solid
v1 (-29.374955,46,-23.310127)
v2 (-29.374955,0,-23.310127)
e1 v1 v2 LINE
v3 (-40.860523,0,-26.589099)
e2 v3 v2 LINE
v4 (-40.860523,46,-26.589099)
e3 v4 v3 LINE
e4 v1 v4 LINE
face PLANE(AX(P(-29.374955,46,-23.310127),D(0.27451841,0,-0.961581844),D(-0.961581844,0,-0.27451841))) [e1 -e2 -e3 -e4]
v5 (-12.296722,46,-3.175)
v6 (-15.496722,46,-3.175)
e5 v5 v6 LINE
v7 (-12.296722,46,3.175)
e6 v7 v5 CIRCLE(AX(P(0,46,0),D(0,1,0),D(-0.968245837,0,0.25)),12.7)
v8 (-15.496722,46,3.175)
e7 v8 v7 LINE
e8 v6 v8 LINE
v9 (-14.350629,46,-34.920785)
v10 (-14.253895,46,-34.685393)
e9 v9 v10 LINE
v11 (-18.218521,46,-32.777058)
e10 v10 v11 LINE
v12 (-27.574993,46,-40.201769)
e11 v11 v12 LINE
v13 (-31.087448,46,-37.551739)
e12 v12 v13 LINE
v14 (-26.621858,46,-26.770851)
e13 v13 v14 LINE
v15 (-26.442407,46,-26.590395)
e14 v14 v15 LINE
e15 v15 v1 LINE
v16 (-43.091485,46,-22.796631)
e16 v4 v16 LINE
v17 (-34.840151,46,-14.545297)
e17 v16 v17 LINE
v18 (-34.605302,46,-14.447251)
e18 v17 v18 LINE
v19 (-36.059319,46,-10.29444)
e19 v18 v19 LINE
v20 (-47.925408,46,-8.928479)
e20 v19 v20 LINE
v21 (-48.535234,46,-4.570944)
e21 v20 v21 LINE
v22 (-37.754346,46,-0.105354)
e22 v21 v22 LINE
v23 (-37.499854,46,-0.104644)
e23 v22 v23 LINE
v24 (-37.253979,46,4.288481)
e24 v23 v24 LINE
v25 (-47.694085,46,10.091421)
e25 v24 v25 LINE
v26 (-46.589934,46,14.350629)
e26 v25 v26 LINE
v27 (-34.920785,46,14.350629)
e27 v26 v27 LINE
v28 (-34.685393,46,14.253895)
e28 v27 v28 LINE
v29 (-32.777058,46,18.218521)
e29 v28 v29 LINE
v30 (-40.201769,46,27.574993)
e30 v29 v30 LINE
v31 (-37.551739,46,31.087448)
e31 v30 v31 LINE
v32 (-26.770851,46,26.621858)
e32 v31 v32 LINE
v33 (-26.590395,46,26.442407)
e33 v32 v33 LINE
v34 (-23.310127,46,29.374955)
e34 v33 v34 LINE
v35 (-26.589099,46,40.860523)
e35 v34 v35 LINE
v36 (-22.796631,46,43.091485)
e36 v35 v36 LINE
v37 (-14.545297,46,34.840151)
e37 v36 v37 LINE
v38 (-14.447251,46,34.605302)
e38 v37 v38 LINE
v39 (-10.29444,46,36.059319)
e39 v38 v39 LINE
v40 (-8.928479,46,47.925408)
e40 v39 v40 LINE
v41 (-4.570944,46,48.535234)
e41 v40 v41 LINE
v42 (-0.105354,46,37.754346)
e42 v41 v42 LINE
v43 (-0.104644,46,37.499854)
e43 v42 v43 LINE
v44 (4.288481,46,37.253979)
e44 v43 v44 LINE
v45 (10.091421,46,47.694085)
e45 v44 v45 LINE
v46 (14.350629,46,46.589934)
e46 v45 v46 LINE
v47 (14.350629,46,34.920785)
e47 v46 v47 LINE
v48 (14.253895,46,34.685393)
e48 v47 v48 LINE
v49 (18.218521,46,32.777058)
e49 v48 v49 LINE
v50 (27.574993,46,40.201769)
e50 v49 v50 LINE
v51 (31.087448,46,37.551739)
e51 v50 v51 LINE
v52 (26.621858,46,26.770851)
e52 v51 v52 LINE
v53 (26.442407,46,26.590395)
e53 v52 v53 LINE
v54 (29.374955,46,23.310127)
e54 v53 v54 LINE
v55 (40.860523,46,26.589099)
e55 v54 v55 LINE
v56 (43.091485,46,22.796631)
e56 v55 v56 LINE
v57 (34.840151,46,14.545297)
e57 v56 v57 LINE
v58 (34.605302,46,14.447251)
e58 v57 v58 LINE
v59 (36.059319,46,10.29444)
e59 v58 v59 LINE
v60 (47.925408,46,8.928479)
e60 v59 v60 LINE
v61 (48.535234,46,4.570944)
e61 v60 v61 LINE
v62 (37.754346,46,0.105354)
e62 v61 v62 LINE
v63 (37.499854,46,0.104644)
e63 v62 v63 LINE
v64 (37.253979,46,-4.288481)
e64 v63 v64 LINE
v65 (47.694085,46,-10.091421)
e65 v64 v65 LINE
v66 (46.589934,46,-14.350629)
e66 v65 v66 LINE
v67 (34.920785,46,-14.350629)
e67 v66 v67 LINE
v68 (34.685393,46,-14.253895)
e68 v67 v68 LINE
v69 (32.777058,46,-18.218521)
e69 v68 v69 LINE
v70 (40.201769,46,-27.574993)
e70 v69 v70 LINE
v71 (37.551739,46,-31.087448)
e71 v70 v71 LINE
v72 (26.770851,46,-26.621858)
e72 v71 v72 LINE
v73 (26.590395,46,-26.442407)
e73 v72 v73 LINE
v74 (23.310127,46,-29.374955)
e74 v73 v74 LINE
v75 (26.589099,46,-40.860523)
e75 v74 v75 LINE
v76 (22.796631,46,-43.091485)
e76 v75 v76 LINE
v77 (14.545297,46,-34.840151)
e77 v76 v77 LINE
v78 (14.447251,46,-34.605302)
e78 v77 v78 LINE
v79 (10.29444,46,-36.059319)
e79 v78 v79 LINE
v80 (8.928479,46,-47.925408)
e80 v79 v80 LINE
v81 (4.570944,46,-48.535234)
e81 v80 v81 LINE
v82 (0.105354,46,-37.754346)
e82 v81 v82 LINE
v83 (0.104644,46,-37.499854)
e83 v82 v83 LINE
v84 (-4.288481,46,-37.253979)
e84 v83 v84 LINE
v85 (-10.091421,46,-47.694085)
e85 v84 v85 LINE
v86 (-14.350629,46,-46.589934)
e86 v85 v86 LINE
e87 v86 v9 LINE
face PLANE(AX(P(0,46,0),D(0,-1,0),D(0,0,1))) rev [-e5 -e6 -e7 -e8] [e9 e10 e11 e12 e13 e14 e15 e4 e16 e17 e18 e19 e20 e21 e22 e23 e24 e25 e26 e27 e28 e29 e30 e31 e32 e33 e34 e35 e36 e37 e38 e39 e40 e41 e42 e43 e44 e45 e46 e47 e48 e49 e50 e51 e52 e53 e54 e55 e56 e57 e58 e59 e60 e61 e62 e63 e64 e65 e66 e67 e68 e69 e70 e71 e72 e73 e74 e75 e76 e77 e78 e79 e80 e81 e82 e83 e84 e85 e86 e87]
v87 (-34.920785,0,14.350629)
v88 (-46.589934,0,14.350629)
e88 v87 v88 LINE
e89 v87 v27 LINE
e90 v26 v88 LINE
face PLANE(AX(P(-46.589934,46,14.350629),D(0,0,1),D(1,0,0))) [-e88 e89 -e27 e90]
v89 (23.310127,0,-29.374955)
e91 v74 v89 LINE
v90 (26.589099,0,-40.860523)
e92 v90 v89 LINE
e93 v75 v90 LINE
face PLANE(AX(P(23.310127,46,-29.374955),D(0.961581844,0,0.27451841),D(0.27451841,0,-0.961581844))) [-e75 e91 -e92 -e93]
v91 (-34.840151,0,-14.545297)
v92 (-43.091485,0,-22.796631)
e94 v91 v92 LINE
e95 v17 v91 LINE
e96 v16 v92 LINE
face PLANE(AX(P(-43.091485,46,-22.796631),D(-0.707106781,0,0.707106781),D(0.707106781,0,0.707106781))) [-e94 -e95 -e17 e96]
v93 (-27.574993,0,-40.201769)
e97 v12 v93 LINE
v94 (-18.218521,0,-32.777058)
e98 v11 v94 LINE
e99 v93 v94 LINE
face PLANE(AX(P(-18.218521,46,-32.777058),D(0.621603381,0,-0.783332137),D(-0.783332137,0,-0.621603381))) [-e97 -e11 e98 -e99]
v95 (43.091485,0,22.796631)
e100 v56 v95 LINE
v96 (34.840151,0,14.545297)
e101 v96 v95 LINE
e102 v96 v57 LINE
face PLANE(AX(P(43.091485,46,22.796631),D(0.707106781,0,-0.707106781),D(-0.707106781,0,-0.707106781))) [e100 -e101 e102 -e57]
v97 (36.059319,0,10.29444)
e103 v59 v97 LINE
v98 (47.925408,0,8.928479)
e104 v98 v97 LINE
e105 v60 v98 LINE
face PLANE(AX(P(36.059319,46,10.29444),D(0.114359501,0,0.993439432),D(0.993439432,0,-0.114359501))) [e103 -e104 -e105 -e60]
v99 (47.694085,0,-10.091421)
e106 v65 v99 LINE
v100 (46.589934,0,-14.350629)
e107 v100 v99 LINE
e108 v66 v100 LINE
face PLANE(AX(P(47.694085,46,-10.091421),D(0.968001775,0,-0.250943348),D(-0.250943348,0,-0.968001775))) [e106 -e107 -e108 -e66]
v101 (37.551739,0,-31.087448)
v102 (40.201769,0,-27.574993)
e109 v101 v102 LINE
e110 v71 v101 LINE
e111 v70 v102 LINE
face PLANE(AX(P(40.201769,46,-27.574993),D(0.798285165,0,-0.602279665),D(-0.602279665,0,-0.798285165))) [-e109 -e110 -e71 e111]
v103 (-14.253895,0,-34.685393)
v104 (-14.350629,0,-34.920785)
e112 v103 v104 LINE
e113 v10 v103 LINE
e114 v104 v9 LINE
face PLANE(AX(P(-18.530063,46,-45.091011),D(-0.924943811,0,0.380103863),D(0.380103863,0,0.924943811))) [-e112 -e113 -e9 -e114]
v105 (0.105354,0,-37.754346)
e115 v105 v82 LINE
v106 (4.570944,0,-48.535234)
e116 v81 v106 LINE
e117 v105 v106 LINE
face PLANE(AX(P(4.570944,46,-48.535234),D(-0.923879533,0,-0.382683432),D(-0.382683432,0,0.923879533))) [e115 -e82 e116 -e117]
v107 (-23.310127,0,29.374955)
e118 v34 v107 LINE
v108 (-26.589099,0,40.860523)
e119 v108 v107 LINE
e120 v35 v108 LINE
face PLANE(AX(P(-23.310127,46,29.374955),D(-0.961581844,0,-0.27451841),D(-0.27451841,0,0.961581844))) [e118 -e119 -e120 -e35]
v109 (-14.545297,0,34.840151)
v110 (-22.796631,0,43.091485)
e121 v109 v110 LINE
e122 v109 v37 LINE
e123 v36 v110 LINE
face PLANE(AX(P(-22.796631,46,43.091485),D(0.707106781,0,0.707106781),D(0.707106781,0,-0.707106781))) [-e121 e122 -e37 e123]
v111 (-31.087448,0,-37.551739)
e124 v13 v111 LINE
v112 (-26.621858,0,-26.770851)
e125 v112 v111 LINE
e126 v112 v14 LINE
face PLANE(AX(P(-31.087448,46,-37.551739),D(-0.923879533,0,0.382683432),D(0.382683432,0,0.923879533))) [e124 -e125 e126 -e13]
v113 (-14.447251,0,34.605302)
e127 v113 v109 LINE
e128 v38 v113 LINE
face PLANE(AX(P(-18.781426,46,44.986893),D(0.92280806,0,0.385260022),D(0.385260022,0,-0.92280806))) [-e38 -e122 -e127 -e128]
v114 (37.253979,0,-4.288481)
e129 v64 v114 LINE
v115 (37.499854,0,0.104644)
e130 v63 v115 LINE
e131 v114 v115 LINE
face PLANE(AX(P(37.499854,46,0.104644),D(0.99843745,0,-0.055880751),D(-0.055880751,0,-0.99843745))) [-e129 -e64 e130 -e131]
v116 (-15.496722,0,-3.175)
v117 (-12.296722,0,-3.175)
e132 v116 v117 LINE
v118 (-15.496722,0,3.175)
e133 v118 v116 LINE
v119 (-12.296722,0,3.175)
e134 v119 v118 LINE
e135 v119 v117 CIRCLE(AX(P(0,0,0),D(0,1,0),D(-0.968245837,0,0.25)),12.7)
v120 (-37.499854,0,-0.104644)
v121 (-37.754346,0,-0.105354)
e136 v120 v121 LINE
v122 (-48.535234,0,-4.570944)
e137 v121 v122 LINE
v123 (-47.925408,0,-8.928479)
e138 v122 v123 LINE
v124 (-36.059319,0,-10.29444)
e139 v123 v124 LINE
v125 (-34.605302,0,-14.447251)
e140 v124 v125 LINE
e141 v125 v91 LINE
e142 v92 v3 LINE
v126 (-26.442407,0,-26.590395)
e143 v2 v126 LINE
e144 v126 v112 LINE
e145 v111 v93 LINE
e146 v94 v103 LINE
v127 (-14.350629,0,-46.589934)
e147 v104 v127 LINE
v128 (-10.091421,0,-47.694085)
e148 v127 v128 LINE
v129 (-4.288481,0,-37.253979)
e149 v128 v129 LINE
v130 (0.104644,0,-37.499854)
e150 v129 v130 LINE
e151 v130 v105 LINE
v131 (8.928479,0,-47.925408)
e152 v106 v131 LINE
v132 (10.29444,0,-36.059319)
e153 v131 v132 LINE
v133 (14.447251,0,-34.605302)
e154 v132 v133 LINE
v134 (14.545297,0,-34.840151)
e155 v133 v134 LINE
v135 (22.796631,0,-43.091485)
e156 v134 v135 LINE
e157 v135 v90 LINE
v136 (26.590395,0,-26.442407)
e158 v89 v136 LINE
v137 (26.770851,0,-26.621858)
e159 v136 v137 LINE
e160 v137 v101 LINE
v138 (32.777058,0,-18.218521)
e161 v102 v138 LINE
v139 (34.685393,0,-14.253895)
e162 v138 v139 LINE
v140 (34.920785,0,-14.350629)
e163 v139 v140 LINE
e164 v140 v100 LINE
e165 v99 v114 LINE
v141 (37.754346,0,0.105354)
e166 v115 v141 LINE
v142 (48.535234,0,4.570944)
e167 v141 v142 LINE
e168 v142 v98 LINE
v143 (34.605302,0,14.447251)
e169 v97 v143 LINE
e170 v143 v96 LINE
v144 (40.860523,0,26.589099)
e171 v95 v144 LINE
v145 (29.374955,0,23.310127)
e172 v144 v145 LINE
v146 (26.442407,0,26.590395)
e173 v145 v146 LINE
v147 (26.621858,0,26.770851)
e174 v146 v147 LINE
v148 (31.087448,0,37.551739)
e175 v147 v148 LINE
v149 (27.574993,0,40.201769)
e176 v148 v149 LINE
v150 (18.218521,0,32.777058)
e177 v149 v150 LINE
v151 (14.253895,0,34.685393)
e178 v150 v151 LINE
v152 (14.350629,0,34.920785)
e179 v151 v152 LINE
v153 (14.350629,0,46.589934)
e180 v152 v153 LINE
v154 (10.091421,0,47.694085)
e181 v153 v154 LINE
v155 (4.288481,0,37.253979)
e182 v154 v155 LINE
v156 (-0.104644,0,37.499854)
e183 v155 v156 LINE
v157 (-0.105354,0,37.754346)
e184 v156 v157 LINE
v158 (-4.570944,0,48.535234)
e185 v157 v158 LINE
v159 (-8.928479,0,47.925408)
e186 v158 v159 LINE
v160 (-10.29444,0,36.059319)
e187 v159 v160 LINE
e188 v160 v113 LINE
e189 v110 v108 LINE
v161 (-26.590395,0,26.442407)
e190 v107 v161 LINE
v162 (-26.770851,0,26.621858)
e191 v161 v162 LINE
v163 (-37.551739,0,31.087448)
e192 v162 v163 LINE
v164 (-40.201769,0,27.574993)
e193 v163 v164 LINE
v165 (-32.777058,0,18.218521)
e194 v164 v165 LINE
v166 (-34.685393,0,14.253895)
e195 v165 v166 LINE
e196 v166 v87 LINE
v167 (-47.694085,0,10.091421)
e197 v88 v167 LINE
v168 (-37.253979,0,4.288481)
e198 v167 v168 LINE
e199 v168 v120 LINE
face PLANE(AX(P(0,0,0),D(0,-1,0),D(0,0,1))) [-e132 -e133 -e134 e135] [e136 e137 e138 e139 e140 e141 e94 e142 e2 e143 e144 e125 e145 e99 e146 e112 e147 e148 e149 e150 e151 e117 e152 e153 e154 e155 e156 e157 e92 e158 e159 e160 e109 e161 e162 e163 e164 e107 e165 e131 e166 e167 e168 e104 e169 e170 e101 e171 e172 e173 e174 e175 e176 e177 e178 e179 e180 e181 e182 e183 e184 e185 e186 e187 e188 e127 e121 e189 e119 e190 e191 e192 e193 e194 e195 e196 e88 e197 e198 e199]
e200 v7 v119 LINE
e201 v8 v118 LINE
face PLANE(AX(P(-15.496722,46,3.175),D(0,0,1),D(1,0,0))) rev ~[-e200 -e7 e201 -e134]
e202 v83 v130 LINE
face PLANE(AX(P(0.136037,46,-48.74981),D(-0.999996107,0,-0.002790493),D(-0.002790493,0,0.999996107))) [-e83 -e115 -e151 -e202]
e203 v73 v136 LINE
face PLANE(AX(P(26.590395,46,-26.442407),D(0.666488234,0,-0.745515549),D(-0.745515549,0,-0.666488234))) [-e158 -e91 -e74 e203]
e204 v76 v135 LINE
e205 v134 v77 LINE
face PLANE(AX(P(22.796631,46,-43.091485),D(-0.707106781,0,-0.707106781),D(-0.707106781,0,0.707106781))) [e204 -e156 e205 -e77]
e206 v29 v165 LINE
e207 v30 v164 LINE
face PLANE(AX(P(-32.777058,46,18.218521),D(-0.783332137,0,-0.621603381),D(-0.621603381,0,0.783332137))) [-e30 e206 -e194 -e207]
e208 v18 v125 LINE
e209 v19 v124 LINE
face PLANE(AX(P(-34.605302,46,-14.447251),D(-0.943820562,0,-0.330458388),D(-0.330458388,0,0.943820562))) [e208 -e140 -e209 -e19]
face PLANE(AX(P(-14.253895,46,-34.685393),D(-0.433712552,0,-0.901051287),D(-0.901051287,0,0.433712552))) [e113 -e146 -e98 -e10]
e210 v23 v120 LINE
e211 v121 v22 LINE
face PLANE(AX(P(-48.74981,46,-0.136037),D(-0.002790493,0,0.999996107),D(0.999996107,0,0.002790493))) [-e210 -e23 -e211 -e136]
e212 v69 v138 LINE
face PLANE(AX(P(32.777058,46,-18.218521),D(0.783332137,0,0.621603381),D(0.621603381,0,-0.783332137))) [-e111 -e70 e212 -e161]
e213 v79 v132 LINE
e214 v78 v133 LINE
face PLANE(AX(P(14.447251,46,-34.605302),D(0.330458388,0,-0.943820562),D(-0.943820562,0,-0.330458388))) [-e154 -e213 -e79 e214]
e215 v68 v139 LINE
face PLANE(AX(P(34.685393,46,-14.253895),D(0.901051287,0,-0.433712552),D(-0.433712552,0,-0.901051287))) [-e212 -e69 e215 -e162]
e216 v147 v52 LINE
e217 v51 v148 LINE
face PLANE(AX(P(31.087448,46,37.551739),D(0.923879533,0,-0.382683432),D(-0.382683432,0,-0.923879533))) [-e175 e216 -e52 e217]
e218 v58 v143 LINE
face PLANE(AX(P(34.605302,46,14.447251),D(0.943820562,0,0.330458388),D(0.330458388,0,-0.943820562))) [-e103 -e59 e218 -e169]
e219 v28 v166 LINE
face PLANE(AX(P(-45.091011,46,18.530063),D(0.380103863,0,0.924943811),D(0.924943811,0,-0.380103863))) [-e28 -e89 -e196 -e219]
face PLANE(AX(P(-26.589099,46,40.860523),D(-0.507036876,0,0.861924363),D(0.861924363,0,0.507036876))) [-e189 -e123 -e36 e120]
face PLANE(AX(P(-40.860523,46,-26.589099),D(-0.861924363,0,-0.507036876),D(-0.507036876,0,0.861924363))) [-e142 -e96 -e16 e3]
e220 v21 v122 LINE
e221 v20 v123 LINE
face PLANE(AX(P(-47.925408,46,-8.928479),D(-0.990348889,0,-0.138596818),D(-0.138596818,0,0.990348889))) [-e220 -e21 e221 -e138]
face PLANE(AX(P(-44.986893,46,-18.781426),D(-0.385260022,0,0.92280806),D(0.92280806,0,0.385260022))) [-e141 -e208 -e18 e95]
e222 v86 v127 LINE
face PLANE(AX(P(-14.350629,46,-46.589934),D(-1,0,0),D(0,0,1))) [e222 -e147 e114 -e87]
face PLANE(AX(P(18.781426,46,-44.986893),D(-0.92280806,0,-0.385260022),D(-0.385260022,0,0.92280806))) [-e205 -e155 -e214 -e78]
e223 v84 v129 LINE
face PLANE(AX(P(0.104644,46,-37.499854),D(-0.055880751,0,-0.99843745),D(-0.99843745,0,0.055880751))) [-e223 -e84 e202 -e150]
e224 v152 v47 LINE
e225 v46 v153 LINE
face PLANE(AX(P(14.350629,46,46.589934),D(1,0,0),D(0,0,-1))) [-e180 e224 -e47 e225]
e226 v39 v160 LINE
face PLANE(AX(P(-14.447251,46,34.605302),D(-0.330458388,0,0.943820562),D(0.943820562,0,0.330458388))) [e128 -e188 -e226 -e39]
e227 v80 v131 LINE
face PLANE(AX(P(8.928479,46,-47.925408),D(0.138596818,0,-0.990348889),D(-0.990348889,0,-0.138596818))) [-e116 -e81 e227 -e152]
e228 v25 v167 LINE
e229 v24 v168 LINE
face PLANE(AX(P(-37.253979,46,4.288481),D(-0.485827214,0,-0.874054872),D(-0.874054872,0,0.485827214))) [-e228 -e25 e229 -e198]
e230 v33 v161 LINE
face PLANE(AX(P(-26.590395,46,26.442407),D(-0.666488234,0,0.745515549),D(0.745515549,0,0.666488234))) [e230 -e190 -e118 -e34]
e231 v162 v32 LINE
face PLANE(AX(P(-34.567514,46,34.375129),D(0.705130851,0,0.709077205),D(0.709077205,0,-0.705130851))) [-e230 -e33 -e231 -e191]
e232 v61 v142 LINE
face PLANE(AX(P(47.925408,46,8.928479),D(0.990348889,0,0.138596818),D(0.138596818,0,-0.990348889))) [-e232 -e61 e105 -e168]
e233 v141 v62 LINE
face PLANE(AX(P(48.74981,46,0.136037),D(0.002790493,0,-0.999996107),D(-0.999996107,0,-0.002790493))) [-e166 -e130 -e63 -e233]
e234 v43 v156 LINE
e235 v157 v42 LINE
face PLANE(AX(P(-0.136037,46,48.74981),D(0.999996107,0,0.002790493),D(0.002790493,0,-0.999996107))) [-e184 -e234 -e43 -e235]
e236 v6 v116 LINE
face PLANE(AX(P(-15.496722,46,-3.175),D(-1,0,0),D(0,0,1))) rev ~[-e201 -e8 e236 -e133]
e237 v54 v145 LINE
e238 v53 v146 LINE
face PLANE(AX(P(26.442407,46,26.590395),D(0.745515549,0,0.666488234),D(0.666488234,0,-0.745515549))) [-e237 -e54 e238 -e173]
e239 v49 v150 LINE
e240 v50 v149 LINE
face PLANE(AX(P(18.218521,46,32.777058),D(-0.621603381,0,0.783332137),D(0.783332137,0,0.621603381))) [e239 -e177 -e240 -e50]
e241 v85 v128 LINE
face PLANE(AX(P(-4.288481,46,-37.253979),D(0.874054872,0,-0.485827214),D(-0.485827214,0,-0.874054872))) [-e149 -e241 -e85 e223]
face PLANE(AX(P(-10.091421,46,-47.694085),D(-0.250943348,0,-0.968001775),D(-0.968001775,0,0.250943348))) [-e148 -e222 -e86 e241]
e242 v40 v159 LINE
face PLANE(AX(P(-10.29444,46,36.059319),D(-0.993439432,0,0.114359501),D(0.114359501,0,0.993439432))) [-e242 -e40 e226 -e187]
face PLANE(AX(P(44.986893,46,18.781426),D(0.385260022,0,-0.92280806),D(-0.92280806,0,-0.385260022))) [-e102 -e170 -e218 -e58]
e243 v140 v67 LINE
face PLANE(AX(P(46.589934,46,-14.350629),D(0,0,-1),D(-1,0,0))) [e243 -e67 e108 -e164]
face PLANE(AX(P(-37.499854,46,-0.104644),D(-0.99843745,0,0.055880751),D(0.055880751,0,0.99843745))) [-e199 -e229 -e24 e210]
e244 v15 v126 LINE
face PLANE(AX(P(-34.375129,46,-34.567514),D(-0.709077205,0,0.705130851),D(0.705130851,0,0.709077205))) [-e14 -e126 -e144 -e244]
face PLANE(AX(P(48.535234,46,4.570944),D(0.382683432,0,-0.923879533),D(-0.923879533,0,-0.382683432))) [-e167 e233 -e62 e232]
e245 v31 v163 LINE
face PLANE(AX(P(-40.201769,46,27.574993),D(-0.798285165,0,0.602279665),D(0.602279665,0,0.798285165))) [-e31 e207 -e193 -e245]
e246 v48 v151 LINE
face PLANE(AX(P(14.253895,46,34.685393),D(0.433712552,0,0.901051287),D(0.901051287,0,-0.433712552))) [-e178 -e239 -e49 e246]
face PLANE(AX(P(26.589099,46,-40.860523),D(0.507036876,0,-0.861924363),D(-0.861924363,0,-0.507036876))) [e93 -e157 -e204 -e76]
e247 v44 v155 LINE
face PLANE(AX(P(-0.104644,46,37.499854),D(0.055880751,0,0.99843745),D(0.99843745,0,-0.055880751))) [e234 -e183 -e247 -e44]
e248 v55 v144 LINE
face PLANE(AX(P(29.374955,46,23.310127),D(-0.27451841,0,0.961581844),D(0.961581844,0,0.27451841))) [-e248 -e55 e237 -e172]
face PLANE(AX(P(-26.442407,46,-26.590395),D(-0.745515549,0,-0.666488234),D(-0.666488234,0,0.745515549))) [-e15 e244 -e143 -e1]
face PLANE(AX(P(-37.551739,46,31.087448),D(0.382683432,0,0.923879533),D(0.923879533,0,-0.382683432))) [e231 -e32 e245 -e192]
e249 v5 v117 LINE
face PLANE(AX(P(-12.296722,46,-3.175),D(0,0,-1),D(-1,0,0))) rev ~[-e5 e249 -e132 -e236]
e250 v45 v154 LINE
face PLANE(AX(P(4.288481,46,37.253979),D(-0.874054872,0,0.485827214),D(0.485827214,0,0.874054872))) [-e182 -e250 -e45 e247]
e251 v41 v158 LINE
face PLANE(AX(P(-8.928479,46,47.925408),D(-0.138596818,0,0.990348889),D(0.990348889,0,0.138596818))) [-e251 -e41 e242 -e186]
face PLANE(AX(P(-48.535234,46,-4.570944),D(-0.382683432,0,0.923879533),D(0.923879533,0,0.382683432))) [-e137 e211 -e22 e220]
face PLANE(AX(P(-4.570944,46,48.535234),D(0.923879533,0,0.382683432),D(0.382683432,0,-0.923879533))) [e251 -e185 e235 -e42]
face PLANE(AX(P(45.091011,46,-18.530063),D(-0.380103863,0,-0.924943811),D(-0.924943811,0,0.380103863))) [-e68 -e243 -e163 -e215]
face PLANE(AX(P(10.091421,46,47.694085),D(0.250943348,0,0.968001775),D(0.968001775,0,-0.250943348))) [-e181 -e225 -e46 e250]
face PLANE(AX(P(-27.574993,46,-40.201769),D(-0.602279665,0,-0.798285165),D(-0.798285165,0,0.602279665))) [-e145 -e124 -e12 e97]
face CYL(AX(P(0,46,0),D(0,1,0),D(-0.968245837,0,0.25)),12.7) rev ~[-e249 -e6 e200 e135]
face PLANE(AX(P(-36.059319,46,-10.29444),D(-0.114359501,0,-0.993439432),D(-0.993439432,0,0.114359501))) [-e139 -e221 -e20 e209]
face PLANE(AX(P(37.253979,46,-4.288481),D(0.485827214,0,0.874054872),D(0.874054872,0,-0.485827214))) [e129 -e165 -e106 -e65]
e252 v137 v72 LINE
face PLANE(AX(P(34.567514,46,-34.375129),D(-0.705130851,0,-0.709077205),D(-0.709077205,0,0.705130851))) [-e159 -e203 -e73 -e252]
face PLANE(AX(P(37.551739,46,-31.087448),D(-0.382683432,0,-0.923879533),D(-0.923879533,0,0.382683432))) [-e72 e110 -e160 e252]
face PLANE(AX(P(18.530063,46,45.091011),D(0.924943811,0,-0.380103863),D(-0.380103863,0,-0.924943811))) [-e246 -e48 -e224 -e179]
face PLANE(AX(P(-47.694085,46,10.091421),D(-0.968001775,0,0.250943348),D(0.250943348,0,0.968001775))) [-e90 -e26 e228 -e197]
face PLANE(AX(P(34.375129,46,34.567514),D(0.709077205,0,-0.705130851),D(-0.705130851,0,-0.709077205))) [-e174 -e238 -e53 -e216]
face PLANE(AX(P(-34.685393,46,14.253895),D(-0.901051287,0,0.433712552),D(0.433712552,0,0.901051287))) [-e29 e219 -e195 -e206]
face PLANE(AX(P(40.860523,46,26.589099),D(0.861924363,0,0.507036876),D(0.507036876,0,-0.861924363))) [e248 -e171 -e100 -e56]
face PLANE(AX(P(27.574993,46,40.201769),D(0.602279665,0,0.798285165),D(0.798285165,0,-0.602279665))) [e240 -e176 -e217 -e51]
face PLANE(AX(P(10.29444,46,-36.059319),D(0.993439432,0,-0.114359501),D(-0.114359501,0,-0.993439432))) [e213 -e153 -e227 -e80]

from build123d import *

# Parameters (mm, degrees)
ENL_V_MAT_EXTRU_3_DEPTH      = 285.465287865
R_P_TITION_CIRCULAIRE1_COUNT = 16
ENL_V_MAT_EXTRU_4_DEPTH      = 83.627706895


with BuildPart() as part:
    # Esquisse1 → Révolution1 (revolve)
    with BuildSketch(Plane.XY):
        Polygon((-198.5, 46), (-198.5, 0), (-150, 0), (0, 0), (0, 46), (-150, 46), align=None)
    revolve(axis=Axis((0, 46, 0), (0, -1, 0)))

    # Esquisse5 → Enlèv. mat.-Extru.3 (cut, through all)
    with BuildSketch(Plane(origin=(0, 46, 0), x_dir=(1, 0, 0), z_dir=(0, 1, 0))):
        Polygon((-37.5, 0), (-48.53523435, 4.570943732), (-47.92540835, 8.928478843), (-36.059319151, 10.294440362), (-34.605302242, 14.447250836), (-202.600479892, 84.582990546), (-207.961569477, 0), align=None)
    enl_v_mat_extru_3 = extrude(amount=-ENL_V_MAT_EXTRU_3_DEPTH, mode=Mode.SUBTRACT)

    # Répétition circulaire1: Enlèv. mat.-Extru.3 ×16 about axis
    r_p_tition_circulaire1_axis = Axis((0, 39.3, 0), (0, -1, 0))
    for i in range(1, R_P_TITION_CIRCULAIRE1_COUNT):
        add(enl_v_mat_extru_3.rotate(r_p_tition_circulaire1_axis, i * 360 / R_P_TITION_CIRCULAIRE1_COUNT), mode=Mode.SUBTRACT)

    # Esquisse6 → Enlèv. mat.-Extru.4 (cut, through all)
    with BuildSketch(Plane(origin=(0, 46, 0), x_dir=(1, 0, 0), z_dir=(0, 1, 0))):
        with BuildLine():
            Line((-12.296722124, 3.175), (-15.496722124, 3.175))
            Line((-15.496722124, 3.175), (-15.496722124, -3.175))
            Line((-15.496722124, -3.175), (-12.296722124, -3.175))
            ThreePointArc((-12.296722124, -3.175), (12.7, 0), (-12.296722124, 3.175))
        make_face()
    extrude(amount=-ENL_V_MAT_EXTRU_4_DEPTH, mode=Mode.SUBTRACT)


solid = part.part
